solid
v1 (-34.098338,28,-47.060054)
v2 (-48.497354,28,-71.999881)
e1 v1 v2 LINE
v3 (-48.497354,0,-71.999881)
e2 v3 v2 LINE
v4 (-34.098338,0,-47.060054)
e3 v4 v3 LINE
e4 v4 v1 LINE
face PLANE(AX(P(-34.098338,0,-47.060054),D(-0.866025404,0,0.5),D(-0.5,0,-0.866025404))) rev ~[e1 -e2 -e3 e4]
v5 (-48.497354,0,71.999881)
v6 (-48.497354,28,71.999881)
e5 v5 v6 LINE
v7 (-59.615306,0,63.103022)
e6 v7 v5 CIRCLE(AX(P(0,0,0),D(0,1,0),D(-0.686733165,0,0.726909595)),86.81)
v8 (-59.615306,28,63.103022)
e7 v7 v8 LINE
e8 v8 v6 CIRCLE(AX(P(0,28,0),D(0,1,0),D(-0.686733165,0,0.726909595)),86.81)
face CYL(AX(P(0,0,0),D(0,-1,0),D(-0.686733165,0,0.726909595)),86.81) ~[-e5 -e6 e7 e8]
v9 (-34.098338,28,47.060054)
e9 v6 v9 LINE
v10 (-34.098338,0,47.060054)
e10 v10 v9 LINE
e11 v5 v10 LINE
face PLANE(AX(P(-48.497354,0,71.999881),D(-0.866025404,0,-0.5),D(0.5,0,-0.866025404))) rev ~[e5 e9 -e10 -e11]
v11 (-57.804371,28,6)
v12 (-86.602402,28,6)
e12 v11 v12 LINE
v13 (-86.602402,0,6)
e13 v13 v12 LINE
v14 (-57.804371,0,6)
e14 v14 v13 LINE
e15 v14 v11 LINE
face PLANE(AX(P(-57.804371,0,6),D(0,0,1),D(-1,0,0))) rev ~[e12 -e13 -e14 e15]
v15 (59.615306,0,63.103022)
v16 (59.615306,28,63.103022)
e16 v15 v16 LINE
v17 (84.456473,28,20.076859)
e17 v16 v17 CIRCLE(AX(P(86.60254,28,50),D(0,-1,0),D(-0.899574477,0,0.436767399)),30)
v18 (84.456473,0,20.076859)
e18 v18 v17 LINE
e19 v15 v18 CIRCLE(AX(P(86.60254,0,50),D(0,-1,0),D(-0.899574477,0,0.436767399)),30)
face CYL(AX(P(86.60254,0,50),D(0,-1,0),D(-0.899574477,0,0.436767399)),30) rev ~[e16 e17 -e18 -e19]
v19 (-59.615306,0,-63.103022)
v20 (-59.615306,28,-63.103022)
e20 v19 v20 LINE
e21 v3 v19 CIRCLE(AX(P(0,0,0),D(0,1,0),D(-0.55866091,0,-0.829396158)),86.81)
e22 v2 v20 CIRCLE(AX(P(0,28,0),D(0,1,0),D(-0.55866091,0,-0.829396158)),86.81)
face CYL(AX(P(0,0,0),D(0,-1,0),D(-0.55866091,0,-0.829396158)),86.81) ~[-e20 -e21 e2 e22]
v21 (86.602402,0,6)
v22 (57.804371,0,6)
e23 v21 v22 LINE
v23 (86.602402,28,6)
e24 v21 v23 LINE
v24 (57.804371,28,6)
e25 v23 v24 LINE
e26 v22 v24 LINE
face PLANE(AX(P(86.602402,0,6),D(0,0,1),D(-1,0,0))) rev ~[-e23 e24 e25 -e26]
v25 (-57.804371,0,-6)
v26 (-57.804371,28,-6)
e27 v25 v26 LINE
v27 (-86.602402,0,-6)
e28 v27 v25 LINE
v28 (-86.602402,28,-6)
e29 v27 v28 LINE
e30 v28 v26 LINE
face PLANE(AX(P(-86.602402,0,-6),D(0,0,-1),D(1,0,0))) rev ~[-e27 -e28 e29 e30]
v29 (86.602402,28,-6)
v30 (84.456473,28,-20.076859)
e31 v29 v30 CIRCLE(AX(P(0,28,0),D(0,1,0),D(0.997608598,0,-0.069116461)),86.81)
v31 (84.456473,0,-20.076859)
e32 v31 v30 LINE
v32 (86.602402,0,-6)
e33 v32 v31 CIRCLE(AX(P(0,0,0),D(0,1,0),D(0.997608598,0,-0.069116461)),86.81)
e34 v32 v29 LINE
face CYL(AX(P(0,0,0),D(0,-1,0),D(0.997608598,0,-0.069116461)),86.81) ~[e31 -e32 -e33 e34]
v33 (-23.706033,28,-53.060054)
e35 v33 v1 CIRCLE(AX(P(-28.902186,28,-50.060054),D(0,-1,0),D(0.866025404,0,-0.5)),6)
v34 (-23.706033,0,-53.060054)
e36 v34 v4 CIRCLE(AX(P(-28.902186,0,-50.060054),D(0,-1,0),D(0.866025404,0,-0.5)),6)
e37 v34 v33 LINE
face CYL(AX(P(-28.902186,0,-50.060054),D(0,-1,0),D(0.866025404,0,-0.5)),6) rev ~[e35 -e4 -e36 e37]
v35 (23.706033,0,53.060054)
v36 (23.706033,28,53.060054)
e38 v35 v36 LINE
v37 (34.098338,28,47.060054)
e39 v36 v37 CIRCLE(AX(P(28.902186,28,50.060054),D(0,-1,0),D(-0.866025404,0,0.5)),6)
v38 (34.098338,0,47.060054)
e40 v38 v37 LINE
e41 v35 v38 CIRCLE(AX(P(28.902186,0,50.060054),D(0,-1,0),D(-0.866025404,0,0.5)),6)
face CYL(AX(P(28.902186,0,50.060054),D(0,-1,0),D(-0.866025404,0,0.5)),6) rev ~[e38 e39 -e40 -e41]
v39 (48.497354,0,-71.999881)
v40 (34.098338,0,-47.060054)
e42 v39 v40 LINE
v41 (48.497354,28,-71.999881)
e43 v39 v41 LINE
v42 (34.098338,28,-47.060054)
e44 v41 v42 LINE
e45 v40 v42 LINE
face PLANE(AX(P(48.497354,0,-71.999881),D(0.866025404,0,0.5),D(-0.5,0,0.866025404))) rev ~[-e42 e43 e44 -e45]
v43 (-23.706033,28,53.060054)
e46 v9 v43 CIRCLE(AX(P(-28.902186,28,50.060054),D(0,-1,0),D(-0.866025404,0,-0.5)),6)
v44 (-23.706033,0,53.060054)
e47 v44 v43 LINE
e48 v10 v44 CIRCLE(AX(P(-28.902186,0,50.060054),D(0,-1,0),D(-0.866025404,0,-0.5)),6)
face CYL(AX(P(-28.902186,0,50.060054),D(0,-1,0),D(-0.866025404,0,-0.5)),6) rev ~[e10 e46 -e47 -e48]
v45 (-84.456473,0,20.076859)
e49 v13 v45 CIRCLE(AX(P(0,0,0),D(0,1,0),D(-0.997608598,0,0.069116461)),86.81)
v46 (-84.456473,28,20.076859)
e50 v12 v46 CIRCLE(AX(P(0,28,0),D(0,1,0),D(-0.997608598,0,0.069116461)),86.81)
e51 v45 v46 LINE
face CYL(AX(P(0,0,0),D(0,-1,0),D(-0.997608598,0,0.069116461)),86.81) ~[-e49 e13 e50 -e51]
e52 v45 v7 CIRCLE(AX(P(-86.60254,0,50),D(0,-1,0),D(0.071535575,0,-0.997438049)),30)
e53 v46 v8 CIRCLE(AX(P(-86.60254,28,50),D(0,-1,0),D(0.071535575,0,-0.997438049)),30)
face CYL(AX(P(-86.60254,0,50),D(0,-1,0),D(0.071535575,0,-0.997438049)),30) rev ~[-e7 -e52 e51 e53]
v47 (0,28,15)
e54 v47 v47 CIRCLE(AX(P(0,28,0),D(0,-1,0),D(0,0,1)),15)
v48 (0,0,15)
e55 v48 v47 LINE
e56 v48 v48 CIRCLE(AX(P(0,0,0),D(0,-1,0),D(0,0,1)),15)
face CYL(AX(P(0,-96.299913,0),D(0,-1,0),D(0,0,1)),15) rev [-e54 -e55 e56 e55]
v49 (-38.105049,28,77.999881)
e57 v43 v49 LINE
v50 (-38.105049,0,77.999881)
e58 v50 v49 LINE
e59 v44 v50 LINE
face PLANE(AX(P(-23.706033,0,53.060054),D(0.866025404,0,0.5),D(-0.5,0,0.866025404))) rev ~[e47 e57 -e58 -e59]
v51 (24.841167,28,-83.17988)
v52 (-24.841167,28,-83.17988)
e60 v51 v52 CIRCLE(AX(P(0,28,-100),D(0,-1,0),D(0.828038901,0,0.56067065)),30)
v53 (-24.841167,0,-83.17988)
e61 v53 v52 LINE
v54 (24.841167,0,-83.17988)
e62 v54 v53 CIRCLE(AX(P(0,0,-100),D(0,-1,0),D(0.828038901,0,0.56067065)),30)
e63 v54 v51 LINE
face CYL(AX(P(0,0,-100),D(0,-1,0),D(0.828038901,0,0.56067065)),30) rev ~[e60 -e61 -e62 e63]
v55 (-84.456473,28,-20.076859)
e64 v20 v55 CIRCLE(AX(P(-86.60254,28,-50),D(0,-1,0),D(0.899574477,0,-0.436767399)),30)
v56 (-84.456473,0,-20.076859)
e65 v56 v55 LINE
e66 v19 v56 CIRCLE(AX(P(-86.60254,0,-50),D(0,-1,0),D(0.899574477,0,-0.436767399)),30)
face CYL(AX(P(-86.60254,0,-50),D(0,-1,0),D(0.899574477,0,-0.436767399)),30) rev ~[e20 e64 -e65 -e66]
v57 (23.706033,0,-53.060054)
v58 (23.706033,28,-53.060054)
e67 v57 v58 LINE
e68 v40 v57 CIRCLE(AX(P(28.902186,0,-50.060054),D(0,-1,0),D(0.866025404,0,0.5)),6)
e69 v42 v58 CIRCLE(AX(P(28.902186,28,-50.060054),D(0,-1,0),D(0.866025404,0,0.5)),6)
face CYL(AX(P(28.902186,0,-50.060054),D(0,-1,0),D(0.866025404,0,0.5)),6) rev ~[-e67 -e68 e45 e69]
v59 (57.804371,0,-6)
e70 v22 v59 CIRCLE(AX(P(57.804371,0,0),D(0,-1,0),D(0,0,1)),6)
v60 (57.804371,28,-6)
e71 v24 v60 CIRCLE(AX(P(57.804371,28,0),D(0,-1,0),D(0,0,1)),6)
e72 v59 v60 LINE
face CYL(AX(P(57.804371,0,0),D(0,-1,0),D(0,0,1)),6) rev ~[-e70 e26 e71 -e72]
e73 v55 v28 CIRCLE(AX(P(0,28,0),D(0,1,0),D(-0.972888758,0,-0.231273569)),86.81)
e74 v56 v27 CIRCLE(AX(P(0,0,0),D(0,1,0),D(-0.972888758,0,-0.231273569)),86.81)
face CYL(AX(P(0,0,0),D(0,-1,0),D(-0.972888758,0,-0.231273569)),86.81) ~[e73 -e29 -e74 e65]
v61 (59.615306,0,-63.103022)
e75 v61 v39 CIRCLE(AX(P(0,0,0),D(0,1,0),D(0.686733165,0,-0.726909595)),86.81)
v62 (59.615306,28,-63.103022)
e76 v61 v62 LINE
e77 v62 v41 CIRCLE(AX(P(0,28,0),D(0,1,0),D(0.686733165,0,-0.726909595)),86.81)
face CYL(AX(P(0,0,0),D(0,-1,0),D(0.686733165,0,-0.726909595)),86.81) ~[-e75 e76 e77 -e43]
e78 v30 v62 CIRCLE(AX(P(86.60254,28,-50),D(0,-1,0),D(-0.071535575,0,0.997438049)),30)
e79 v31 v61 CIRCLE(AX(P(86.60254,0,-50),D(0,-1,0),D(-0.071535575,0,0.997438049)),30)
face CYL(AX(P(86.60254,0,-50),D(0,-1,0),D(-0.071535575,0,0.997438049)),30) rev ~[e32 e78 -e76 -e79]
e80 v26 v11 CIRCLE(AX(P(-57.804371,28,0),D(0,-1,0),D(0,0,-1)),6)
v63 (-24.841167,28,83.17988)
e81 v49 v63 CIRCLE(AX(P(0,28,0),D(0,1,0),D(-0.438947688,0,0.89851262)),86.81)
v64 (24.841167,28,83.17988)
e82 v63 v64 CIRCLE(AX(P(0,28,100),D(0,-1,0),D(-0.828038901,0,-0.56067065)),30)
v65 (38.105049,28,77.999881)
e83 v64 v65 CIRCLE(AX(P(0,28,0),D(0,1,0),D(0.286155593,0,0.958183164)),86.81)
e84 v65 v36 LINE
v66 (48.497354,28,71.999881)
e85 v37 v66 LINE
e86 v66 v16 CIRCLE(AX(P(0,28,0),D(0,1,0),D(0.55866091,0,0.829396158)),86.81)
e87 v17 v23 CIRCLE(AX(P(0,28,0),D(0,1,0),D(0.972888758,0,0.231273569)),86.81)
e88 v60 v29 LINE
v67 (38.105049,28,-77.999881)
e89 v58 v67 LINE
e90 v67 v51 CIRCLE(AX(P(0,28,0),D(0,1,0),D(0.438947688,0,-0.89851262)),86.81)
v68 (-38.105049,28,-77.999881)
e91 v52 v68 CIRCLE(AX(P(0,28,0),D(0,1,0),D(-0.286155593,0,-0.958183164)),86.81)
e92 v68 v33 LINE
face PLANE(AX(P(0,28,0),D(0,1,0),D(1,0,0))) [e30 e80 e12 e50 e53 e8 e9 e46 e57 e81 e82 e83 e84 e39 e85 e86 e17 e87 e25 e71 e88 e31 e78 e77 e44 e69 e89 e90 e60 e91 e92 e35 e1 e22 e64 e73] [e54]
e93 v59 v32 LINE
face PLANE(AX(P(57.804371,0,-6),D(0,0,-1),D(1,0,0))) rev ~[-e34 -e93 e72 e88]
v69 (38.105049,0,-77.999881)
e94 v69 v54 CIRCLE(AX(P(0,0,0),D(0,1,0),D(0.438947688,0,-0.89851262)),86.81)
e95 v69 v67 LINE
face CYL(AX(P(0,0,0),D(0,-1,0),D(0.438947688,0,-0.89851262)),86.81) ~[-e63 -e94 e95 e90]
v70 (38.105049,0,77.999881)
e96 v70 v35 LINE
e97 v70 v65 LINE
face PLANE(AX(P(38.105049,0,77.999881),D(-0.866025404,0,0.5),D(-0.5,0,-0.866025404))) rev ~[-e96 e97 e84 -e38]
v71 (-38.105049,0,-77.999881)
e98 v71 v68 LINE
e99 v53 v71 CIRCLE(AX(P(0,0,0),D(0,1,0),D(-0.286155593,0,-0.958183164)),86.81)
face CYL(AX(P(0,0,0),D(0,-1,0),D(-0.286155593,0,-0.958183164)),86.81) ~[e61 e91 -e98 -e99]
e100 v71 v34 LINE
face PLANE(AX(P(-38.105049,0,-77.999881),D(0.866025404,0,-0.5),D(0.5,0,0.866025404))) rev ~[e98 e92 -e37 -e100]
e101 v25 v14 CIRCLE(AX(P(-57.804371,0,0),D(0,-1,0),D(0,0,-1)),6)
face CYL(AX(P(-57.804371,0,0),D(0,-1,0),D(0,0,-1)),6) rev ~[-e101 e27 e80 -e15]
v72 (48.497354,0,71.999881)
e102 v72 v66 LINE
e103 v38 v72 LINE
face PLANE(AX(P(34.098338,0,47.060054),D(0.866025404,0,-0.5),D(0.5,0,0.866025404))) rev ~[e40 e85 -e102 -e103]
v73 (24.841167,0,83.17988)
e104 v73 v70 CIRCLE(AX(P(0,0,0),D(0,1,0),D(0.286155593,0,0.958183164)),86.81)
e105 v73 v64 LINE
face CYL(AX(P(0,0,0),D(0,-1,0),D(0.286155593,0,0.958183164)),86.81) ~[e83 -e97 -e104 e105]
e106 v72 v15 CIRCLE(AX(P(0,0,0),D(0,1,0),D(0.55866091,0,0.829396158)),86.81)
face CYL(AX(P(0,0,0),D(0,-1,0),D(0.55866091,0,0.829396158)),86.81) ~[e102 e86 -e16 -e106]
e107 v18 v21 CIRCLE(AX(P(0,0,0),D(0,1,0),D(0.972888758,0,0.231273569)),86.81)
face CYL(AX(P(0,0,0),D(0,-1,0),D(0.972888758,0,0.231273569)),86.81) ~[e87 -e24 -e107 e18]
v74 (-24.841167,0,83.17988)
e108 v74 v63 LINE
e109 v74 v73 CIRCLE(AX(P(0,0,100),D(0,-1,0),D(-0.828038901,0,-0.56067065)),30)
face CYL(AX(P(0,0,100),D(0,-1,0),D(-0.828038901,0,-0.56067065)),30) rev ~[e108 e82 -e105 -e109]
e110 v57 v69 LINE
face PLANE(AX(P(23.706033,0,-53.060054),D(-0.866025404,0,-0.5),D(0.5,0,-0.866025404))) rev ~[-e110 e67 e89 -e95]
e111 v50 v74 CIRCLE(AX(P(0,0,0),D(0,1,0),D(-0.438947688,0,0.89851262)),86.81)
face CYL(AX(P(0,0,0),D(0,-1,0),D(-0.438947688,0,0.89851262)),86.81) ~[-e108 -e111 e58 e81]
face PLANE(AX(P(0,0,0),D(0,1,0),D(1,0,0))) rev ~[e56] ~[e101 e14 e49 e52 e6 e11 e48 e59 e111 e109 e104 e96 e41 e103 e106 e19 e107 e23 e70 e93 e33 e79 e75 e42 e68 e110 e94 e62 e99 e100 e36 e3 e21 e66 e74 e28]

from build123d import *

# Parameters (mm, degrees)
BOSS_EXTRUDE1_DEPTH     = 28
CUT_EXTRUDE1_DEPTH      = 124.299913301
CUT_EXTRUDE1_DEPTH_BACK = 124.299913301
SKETCH2_R               = 15


with BuildPart() as part:
    # Sketch1 → Boss-Extrude1 (new body)
    with BuildSketch(Plane(origin=(0, 0, 0), x_dir=(1, 0, 0), z_dir=(0, 1, 0))):
        with BuildLine():
            Line((34.09833793, -47.060053749), (48.497353619, -71.9998805))
            ThreePointArc((48.497353619, -71.9998805), (54.23905714, -67.779796256), (59.615306076, -63.103021968))
            ThreePointArc((59.615306076, -63.103021968), (60.621778265, -35), (84.456473118, -20.076858532))
            ThreePointArc((84.456473118, -20.076858532), (85.818553991, -13.082503233), (86.602402392, -6))
            Line((86.602402392, -6), (57.804371015, -6))
            ThreePointArc((57.804371015, -6), (51.804371015, 0), (57.804371015, 6))
            Line((57.804371015, 6), (86.602402392, 6))
            ThreePointArc((86.602402392, 6), (85.818553991, 13.082503233), (84.456473118, 20.076858532))
            ThreePointArc((84.456473118, 20.076858532), (60.621778265, 35), (59.615306076, 63.103021968))
            ThreePointArc((59.615306076, 63.103021968), (54.23905714, 67.779796256), (48.497353619, 71.9998805))
            Line((48.497353619, 71.9998805), (34.09833793, 47.060053749))
            ThreePointArc((34.09833793, 47.060053749), (25.902185507, 44.863901326), (23.706033085, 53.060053749))
            Line((23.706033085, 53.060053749), (38.105048773, 77.9998805))
            ThreePointArc((38.105048773, 77.9998805), (31.579496851, 80.862299489), (24.841167042, 83.1798805))
            ThreePointArc((24.841167042, 83.1798805), (0, 70), (-24.841167042, 83.1798805))
            ThreePointArc((-24.841167042, 83.1798805), (-31.579496851, 80.862299489), (-38.105048773, 77.9998805))
            Line((-38.105048773, 77.9998805), (-23.706033085, 53.060053749))
            ThreePointArc((-23.706033085, 53.060053749), (-25.902185507, 44.863901326), (-34.09833793, 47.060053749))
            Line((-34.09833793, 47.060053749), (-48.497353619, 71.9998805))
            ThreePointArc((-48.497353619, 71.9998805), (-54.23905714, 67.779796256), (-59.615306076, 63.103021968))
            ThreePointArc((-59.615306076, 63.103021968), (-60.621778265, 35), (-84.456473118, 20.076858532))
            ThreePointArc((-84.456473118, 20.076858532), (-85.818553991, 13.082503233), (-86.602402392, 6))
            Line((-86.602402392, 6), (-57.804371015, 6))
            ThreePointArc((-57.804371015, 6), (-51.804371015, 0), (-57.804371015, -6))
            Line((-57.804371015, -6), (-86.602402392, -6))
            ThreePointArc((-86.602402392, -6), (-85.818553991, -13.082503233), (-84.456473118, -20.076858532))
            ThreePointArc((-84.456473118, -20.076858532), (-60.621778265, -35), (-59.615306076, -63.103021968))
            ThreePointArc((-59.615306076, -63.103021968), (-54.23905714, -67.779796256), (-48.497353619, -71.9998805))
            Line((-48.497353619, -71.9998805), (-34.09833793, -47.060053749))
            ThreePointArc((-34.09833793, -47.060053749), (-25.902185507, -44.863901326), (-23.706033085, -53.060053749))
            Line((-23.706033085, -53.060053749), (-38.105048773, -77.9998805))
            ThreePointArc((-38.105048773, -77.9998805), (-31.579496851, -80.862299489), (-24.841167042, -83.1798805))
            ThreePointArc((-24.841167042, -83.1798805), (0, -70), (24.841167042, -83.1798805))
            ThreePointArc((24.841167042, -83.1798805), (31.579496851, -80.862299489), (38.105048773, -77.9998805))
            Line((38.105048773, -77.9998805), (23.706033085, -53.060053749))
            ThreePointArc((23.706033085, -53.060053749), (25.902185507, -44.863901326), (34.09833793, -47.060053749))
        make_face()
    extrude(amount=BOSS_EXTRUDE1_DEPTH)

    # Sketch2 → Cut-Extrude1 (cut, two sides: drawn at the far end of the back side and taken through both)
    with BuildSketch(Plane(origin=(0, 28, 0), x_dir=(1, 0, 0), z_dir=(0, 1, 0)).offset(-CUT_EXTRUDE1_DEPTH_BACK)):
        with Locations(Location((0, 0, 0), (0, 0, 270))):
            Circle(SKETCH2_R)
    extrude(amount=CUT_EXTRUDE1_DEPTH + CUT_EXTRUDE1_DEPTH_BACK, mode=Mode.SUBTRACT)


solid = part.part
